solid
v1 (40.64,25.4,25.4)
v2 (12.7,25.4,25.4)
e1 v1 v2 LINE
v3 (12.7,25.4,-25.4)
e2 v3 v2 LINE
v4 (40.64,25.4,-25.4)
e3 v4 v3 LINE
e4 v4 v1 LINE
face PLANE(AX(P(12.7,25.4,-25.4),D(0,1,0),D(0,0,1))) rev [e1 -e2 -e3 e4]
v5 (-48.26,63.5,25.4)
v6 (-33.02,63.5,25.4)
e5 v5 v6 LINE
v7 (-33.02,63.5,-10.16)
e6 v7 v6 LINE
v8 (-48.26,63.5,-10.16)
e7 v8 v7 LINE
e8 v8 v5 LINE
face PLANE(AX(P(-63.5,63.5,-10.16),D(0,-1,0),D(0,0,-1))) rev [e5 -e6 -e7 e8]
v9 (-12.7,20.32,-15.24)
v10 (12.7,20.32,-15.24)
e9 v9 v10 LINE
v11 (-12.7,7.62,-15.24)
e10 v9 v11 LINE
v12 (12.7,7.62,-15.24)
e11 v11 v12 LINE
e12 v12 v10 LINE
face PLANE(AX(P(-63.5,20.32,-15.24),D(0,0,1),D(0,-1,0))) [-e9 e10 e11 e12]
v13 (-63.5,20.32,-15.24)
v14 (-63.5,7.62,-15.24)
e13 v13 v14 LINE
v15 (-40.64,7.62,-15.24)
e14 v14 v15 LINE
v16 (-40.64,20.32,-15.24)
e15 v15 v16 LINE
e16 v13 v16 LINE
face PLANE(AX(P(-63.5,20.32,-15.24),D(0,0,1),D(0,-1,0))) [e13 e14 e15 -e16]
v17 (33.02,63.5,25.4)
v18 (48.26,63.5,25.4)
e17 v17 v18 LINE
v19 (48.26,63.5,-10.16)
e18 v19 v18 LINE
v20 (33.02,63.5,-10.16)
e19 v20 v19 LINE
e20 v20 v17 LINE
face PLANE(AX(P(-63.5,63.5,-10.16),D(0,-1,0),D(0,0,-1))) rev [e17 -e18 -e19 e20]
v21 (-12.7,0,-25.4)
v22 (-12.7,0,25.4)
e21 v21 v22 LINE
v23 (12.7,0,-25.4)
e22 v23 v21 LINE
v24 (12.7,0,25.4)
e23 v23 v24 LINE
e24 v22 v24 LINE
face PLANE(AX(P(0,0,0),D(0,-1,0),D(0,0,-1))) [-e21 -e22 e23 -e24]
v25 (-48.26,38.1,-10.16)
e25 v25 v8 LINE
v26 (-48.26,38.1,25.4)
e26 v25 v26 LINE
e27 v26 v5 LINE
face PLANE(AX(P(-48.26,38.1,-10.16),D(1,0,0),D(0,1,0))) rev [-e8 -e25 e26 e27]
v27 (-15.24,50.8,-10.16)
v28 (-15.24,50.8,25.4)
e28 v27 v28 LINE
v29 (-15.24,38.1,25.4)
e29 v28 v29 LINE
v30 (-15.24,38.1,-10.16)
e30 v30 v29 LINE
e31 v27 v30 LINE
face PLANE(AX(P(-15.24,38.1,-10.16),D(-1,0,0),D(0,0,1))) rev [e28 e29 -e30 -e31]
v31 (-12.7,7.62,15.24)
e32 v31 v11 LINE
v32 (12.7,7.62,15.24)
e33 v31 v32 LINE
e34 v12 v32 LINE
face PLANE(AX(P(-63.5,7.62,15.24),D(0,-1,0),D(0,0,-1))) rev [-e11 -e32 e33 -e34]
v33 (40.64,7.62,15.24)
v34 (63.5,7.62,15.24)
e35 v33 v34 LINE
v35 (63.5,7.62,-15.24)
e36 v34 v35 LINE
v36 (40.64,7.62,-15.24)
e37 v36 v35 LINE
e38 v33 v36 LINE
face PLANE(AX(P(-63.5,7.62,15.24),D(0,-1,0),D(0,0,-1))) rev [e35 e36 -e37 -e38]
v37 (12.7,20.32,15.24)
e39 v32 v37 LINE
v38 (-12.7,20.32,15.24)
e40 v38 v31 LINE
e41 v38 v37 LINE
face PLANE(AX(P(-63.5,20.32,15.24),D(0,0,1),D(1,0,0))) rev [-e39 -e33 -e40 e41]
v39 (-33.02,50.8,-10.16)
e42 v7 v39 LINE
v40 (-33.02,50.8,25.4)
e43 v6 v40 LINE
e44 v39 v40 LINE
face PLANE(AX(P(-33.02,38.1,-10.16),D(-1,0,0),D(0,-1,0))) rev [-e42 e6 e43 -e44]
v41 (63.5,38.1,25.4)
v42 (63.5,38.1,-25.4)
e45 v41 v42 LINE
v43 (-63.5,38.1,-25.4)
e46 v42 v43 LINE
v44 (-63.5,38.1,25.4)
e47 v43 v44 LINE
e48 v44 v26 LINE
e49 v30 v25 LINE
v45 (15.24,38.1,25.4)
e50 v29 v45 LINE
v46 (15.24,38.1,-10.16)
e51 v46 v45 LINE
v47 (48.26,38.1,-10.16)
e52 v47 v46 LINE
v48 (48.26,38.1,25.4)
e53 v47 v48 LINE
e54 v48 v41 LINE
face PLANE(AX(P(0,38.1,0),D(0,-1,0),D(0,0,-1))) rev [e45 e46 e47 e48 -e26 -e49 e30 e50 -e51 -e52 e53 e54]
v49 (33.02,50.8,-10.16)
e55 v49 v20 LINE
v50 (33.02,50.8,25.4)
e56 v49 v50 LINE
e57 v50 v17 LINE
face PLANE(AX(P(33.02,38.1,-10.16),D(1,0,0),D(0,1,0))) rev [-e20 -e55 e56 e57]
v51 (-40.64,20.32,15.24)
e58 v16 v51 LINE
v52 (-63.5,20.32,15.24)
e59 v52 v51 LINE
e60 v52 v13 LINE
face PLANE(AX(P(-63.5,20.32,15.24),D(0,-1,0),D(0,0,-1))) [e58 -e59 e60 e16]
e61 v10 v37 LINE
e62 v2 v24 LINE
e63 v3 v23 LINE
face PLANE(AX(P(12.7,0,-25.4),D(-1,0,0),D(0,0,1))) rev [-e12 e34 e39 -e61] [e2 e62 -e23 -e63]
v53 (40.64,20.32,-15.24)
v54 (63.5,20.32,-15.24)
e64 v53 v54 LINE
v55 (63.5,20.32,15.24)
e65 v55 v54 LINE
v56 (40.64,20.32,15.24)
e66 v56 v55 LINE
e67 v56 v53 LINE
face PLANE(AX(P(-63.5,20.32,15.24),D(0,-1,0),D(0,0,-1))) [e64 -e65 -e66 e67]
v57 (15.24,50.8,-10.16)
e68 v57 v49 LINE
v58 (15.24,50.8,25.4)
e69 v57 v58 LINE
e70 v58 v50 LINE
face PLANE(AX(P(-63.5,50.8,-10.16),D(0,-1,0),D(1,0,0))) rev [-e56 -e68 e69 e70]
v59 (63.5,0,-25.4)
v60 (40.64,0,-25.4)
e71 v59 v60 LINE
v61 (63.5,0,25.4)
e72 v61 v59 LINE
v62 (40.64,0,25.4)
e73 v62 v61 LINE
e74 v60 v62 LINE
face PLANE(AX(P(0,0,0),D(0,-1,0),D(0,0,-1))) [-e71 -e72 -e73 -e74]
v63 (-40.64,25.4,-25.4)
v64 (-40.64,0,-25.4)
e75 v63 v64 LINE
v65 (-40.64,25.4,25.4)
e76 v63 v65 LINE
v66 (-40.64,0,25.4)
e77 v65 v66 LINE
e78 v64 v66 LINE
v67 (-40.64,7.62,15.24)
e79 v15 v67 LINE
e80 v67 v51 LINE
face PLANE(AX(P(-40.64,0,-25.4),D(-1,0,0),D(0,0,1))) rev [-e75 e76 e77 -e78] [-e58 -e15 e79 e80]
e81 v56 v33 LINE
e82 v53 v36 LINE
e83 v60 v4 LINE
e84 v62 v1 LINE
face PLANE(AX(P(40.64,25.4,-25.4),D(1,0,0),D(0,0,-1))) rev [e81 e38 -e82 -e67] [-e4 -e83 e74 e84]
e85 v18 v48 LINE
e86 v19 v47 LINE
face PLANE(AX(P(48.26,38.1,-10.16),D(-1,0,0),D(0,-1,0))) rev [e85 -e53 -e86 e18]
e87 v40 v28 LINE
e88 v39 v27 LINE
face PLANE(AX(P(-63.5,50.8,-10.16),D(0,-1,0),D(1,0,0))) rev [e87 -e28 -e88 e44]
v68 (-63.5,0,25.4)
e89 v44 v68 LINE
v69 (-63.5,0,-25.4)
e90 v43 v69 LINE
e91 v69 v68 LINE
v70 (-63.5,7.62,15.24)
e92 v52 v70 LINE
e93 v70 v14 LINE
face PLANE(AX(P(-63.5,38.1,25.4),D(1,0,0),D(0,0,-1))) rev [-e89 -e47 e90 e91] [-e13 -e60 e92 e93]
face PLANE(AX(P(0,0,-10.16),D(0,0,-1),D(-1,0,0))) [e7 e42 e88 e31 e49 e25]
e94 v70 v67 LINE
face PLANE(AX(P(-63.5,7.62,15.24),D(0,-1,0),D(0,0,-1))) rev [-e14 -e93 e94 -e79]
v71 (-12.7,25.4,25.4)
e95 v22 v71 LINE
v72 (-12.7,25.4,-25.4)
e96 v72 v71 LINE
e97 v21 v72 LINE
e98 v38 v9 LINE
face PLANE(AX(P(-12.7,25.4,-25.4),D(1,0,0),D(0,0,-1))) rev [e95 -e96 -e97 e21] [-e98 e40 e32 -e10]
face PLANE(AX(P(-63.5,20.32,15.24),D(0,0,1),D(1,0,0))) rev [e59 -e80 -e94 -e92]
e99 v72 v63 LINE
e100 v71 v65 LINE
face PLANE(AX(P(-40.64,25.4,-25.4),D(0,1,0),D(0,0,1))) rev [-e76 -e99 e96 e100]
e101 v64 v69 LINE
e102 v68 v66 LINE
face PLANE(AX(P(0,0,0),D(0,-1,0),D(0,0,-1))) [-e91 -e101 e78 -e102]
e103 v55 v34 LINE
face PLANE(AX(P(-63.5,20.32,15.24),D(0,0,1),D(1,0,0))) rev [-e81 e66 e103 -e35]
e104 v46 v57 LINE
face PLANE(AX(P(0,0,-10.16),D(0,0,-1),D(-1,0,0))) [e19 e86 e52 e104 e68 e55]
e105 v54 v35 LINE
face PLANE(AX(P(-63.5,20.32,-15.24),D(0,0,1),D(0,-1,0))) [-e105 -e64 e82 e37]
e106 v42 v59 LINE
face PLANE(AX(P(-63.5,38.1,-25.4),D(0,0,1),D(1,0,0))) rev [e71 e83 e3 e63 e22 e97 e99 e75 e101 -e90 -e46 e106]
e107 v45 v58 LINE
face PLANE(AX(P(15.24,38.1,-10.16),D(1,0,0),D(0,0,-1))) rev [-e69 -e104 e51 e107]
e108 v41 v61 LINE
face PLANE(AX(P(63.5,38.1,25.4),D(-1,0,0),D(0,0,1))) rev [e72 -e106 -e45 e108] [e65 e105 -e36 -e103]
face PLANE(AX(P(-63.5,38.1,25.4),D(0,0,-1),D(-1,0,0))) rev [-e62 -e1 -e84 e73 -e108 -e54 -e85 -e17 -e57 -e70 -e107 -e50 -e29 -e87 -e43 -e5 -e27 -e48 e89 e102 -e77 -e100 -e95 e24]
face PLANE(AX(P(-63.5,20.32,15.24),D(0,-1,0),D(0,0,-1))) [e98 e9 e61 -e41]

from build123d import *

# Parameters (mm, degrees)
SKETCH2_W               = 127
SKETCH2_H               = 50.8
BOSS_EXTRUDE1_DEPTH     = 38.1
SKETCH4_W               = 27.94
SKETCH4_H               = 25.4
CUT_EXTRUDE1_DEPTH      = 26.4
CUT_EXTRUDE1_DEPTH_BACK = 26.4
SKETCH5_W               = 30.48
SKETCH5_H               = 12.7
CUT_EXTRUDE2_DEPTH      = 64.5
CUT_EXTRUDE2_DEPTH_BACK = 64.5
BOSS_EXTRUDE2_START     = -50.8
BOSS_EXTRUDE2_DEPTH     = 35.56


with BuildPart() as part:
    # Sketch2 → Boss-Extrude1 (new body)
    with BuildSketch(Plane(origin=(0, 0, 0), x_dir=(1, 0, 0), z_dir=(0, 1, 0))):
        Rectangle(SKETCH2_W, SKETCH2_H)
    extrude(amount=BOSS_EXTRUDE1_DEPTH)

    # Sketch4 → Cut-Extrude1 (cut, two sides)
    with BuildSketch(Plane.XY) as cut_extrude1_sk:
        with Locations((-26.67, 12.7)):
            Rectangle(SKETCH4_W, SKETCH4_H)
        with Locations((26.67, 12.7)):
            Rectangle(SKETCH4_W, SKETCH4_H)
    extrude(amount=CUT_EXTRUDE1_DEPTH, mode=Mode.SUBTRACT)
    extrude(cut_extrude1_sk.sketch, amount=-CUT_EXTRUDE1_DEPTH_BACK, mode=Mode.SUBTRACT)

    # Sketch5 → Cut-Extrude2 (cut, two sides)
    with BuildSketch(Plane(origin=(0, 0, 0), x_dir=(0, 0, -1), z_dir=(1, 0, 0))) as cut_extrude2_sk:
        with Locations((0, 13.97)):
            Rectangle(SKETCH5_W, SKETCH5_H)
    extrude(amount=CUT_EXTRUDE2_DEPTH, mode=Mode.SUBTRACT)
    extrude(cut_extrude2_sk.sketch, amount=-CUT_EXTRUDE2_DEPTH_BACK, mode=Mode.SUBTRACT)

    # Sketch7 → Boss-Extrude2 (add)
    with BuildSketch(Plane(origin=(0, 0, -25.4), x_dir=(-1, 0, 0), z_dir=(0, 0, -1)).offset(BOSS_EXTRUDE2_START)):
        Polygon((48.26, 38.1), (48.26, 63.5), (33.02, 63.5), (33.02, 50.8), (15.24, 50.8), (15.24, 38.1), align=None)
        Polygon((-15.24, 38.1), (-48.26, 38.1), (-48.26, 63.5), (-33.02, 63.5), (-33.02, 50.8), (-15.24, 50.8), align=None)
    extrude(amount=BOSS_EXTRUDE2_DEPTH)


solid = part.part
